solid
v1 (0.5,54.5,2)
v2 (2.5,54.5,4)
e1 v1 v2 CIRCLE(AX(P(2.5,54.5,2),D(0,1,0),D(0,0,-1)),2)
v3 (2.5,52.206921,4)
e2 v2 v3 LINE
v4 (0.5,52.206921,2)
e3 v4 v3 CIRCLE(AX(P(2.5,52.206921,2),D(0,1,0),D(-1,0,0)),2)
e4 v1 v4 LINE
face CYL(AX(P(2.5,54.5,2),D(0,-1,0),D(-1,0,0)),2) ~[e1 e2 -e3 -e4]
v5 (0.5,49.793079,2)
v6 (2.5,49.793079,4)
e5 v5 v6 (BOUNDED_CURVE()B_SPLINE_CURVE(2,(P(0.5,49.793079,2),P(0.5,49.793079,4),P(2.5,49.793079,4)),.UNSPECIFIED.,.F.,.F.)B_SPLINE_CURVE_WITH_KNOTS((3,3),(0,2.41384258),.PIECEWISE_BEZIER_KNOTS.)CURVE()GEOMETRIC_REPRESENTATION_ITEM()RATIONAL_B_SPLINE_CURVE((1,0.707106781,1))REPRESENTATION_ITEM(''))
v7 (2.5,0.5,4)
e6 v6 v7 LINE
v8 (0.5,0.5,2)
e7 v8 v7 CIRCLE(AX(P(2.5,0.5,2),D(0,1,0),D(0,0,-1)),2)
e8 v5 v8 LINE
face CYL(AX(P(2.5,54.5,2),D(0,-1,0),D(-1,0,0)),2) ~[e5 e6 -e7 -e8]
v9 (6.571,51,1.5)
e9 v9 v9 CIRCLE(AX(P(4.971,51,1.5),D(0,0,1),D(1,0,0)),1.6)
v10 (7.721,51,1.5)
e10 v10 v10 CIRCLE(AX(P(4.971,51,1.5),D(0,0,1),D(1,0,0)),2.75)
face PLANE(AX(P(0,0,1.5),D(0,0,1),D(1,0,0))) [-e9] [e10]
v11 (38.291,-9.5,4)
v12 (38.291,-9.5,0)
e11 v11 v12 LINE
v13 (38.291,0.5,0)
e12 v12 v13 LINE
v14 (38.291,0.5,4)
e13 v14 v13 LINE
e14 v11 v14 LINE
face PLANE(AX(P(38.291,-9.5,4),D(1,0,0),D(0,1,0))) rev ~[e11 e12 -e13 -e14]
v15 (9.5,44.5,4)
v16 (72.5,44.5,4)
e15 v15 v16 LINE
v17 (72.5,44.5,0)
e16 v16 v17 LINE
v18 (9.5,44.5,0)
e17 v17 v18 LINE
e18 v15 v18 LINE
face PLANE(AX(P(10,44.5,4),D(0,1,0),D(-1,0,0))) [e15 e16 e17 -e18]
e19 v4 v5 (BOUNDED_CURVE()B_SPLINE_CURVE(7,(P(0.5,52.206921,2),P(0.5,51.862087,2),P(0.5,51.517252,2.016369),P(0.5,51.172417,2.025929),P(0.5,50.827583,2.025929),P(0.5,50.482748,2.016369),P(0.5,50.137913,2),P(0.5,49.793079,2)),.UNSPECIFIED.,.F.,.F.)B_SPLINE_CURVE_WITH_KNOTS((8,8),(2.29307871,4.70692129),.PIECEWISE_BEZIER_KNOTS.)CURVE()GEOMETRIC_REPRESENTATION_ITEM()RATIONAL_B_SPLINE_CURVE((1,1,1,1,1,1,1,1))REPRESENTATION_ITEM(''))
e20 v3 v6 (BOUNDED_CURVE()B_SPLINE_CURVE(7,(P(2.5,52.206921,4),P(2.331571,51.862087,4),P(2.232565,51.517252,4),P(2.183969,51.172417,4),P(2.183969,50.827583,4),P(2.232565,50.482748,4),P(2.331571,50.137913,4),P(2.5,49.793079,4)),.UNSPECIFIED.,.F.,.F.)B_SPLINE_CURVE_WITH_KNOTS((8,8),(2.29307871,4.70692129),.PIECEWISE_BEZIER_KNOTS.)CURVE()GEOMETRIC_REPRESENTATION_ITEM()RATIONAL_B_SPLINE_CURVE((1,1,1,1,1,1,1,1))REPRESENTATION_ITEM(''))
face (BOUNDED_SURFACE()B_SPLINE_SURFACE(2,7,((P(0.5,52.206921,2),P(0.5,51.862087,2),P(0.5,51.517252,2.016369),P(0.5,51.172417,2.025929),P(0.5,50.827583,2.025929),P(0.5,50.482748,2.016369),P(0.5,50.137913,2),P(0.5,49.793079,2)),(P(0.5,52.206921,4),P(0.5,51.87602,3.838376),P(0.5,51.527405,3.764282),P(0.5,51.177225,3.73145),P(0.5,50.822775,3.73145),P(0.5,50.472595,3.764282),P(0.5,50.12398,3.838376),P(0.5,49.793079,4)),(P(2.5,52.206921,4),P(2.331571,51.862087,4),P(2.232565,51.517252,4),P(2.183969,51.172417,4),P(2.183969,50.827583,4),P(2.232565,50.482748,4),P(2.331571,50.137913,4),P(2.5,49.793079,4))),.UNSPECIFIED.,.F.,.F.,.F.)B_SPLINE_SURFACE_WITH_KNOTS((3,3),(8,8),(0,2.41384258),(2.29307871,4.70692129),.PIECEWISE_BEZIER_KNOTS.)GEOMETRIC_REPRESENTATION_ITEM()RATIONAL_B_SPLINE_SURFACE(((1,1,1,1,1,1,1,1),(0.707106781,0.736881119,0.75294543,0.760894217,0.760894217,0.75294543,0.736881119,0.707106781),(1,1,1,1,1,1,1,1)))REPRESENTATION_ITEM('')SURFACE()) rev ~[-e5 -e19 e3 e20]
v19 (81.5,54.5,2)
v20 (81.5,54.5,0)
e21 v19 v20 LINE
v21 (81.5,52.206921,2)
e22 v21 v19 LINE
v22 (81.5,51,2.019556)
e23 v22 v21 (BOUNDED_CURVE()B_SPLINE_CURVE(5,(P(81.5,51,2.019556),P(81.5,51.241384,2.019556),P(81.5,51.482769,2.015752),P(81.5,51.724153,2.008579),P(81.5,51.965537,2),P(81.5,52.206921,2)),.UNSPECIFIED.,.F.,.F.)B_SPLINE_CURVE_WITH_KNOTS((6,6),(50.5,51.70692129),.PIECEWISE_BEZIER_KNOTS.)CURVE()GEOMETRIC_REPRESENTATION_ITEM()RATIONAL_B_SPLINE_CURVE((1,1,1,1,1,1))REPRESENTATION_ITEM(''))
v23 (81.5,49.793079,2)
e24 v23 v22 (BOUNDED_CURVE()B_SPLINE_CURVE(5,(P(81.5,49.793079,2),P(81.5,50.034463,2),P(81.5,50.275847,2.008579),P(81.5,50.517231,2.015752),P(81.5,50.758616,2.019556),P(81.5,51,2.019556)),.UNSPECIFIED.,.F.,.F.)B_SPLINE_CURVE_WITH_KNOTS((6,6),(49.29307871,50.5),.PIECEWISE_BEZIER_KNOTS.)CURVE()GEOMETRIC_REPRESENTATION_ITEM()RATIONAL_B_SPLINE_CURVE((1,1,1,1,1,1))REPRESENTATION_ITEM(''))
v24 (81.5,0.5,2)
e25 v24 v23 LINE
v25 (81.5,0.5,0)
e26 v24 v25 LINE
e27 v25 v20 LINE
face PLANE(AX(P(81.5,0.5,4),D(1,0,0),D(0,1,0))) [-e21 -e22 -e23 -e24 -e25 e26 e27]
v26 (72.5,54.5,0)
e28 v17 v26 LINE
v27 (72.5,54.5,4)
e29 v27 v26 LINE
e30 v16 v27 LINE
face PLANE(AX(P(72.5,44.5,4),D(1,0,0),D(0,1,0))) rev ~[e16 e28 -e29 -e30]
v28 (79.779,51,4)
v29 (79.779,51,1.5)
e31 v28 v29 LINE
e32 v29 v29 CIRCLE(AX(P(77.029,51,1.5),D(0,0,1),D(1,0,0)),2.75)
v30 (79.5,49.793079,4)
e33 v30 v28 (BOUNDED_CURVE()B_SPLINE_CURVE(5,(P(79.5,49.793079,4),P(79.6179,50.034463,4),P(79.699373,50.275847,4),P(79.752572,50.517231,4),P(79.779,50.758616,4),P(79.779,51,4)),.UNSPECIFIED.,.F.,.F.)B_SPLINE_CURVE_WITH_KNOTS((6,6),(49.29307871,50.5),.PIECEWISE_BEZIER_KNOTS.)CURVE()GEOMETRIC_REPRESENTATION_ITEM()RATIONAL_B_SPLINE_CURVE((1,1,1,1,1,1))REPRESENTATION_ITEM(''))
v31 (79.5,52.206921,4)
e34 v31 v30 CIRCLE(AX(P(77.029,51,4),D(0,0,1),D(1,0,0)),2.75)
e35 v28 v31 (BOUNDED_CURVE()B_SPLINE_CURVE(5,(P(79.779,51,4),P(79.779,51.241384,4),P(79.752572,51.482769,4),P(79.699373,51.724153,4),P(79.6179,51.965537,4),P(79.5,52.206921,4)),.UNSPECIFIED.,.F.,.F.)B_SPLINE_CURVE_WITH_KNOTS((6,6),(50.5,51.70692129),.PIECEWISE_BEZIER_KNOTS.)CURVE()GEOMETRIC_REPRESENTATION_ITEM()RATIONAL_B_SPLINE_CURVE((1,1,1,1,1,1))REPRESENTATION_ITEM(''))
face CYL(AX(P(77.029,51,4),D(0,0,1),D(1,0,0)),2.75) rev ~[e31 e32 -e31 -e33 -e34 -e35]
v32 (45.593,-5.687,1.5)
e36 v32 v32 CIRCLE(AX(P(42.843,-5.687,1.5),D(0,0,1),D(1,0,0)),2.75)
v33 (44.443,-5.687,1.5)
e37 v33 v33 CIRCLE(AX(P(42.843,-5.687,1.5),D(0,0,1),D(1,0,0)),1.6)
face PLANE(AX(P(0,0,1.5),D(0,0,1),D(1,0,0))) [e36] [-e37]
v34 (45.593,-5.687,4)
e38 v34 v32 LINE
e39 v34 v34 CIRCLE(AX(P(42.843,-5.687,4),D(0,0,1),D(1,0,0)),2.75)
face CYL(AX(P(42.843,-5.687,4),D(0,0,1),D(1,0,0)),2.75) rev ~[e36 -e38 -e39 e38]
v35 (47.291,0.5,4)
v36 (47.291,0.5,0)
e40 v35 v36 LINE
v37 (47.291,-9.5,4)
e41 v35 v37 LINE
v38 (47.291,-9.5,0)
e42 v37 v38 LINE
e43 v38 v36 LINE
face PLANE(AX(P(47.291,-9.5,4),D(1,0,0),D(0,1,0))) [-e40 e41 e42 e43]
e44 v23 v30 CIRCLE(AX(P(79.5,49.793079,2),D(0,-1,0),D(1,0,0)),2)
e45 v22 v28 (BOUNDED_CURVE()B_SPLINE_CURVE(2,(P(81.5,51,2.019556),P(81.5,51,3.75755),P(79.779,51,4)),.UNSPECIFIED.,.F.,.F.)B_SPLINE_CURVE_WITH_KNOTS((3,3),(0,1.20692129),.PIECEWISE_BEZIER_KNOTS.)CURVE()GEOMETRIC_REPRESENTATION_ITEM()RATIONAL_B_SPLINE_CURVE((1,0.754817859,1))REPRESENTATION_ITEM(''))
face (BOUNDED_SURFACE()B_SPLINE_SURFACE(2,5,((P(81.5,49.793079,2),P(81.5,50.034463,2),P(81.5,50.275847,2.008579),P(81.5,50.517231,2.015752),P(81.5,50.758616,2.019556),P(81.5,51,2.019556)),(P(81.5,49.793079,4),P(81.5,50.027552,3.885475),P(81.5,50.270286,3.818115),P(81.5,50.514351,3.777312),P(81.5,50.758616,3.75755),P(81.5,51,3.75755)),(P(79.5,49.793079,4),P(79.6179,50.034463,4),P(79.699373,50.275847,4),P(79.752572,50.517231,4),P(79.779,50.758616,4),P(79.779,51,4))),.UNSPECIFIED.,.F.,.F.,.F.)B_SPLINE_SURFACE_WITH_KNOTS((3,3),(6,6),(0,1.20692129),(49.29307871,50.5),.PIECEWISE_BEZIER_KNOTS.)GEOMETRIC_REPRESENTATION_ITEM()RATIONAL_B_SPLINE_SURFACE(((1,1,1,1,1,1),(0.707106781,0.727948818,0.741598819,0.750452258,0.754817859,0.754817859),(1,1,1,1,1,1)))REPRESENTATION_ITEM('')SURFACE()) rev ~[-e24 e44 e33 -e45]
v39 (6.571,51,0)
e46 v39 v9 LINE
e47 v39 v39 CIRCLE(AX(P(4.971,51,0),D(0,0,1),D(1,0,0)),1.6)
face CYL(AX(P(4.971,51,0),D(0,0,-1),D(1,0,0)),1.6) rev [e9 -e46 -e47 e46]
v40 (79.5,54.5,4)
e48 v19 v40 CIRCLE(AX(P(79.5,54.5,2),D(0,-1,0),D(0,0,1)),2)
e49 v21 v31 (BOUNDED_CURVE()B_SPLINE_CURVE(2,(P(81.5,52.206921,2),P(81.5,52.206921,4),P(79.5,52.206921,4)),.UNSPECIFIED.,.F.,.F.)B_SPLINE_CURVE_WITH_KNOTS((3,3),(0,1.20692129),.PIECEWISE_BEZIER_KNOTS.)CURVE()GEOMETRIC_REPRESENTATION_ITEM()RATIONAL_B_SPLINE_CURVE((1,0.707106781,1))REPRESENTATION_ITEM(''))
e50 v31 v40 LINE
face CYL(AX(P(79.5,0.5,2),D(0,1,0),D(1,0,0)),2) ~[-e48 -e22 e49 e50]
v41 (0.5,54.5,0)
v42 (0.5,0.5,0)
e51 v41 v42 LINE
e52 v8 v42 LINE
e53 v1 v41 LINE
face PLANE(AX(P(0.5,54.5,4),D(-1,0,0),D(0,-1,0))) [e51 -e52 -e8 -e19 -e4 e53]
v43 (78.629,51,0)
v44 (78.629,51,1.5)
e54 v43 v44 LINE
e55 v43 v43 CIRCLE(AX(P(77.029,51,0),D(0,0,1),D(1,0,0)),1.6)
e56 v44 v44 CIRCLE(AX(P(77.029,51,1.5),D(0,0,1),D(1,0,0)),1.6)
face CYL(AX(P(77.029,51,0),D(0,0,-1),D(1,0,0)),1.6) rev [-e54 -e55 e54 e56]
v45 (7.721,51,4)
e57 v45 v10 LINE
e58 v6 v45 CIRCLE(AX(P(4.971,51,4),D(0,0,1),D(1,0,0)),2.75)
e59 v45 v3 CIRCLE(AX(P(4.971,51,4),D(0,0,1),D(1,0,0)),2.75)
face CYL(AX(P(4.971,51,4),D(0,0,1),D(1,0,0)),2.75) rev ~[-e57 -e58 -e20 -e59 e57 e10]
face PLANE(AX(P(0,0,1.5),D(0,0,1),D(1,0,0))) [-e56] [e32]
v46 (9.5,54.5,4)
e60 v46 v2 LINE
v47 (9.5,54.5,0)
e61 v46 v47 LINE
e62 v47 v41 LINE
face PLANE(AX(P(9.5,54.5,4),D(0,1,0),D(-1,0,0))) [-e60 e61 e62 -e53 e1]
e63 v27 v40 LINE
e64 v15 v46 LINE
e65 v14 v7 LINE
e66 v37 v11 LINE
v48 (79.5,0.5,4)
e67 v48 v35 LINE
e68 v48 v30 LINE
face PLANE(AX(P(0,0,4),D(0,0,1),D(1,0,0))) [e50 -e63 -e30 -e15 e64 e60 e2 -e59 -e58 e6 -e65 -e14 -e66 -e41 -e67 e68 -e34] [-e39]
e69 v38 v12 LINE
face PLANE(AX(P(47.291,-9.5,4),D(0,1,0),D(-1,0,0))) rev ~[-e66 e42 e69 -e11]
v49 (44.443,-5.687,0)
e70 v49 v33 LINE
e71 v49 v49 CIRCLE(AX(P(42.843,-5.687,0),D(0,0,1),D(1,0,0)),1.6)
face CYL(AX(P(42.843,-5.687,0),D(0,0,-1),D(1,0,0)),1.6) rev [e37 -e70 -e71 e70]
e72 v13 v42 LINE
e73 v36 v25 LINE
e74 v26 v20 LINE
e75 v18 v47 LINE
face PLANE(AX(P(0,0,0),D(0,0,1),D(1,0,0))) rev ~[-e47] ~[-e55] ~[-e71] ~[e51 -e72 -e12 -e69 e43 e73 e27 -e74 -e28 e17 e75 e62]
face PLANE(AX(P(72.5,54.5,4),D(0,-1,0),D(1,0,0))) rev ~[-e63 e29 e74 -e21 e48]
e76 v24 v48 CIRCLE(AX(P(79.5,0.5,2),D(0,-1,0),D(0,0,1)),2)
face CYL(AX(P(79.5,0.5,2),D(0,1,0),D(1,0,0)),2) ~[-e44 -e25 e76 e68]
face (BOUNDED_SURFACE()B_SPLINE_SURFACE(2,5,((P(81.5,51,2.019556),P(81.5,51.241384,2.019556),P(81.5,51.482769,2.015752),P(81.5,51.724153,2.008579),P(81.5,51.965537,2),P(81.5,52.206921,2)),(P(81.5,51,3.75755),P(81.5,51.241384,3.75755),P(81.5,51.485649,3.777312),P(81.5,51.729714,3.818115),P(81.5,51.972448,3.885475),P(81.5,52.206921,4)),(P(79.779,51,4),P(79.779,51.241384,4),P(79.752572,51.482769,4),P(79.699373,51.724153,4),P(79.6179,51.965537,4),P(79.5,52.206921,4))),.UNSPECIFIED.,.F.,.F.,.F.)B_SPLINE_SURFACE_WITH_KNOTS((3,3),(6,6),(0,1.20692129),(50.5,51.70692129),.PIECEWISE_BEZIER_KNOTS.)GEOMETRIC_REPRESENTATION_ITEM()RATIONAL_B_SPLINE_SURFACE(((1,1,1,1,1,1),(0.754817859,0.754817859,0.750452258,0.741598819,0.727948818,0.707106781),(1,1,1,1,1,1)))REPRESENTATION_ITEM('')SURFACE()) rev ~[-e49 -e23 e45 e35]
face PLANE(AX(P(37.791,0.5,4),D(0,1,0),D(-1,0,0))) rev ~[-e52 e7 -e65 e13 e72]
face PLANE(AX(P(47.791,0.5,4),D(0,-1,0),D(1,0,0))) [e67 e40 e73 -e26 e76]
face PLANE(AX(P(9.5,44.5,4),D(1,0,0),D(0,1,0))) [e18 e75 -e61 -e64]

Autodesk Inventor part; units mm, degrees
ref_plane "YZ Plane" through (0, 0, 0) normal (1, 0, 0) x (0, 1, 0)
ref_plane "XZ Plane" through (0, 0, 0) normal (0, 1, 0) x (-1, 0, 0)
ref_plane "XY Plane" through (0, 0, 0) normal (0, 0, 1) x (1, 0, 0)
sketch "Sketch1" plane through (0, 0, 0) normal (0, 0, 1) x (1, 0, 0)
  line L0 (82, 0) -> (82, 45)
  line L1 (0, 45) -> (0, 0)
  line L2 (10, 45) -> (10, 55)
  line L3 (10, 55) -> (0, 55)
  line L4 (0, 55) -> (0, 45)
  line L5 (72, 45) -> (72, 55)
  line L6 (72, 55) -> (82, 55)
  line L7 (82, 55) -> (82, 45)
  line L8 (10, 45) -> (72, 45)
  line L9 (0, 0) -> (37.791, 0)
  line L10 (37.791, 0) -> (37.791, -10)
  line L11 (37.791, -10) -> (47.791, -10)
  line L12 (47.791, -10) -> (47.791, 0)
  line L13 (47.791, 0) -> (82, 0)
  circle A0 centre (42.843, -5.687) radius 1.6
  line L14 (0, 45) -> (0, 51)
  line L15 (82, 45) -> (82, 51)
  circle A1 centre (4.971, 51) radius 1.6
  circle A2 centre (77.029, 51) radius 1.6
  dimension "d0" = 82
  dimension "d1" = 45
  dimension "d2" = 10
  dimension "d3" = 10
  dimension "d4" = 10
  dimension "d5" = 10
  dimension "d10" = 37.791
  dimension "d11" = 10
  dimension "d12" = 10
  dimension "d15" = 3.2
  dimension "d16" = 6
  dimension "d20" = 3.2
  dimension "d21" = 3.2
extrude "Extrusion1" add sketch "Sketch1" along normal blind 4
sketch "Sketch3" plane through (0, 0, 4) normal (0, 0, 1) x (1, 0, 0)
  circle A0 centre (4.971, 51) radius 1.6 projected
  circle A1 centre (4.971, 51) radius 2.75
  circle A2 centre (77.029, 51) radius 1.6 projected
  circle A3 centre (77.029, 51) radius 2.75
  circle A4 centre (42.843, -5.687) radius 1.6 projected
  circle A5 centre (42.843, -5.687) radius 2.75
  point P0 (0, 0)
  dimension "d24" = 5.5
  dimension "d25" = 5.5
  dimension "d26" = 5.5
extrude "Extrusion2" cut sketch "Sketch3" against normal blind 2.5
sketch "Sketch4" plane through (0, 0, 4) normal (0, 0, 1) x (1, 0, 0)
  line L0 (10, 55) -> (0, 55) projected
  line L1 (10, 45) -> (10, 55) projected
  line L2 (0, 55) -> (10, 55)
  line L3 (10, 55) -> (10, 54.5)
  line L4 (10, 54.5) -> (0, 54.5)
  line L5 (0, 54.5) -> (0, 55)
  line L6 (0, 0) -> (0, 55) projected
  line L7 (0, 0) -> (37.791, 0) projected
  line L8 (0, 55) -> (0.5, 55)
  line L9 (0.5, 55) -> (0.5, 0)
  line L10 (0.5, 0) -> (0, 0)
  line L11 (0, 0) -> (0, 55)
  line L12 (0, 0) -> (37.791, 0)
  line L13 (37.791, 0) -> (37.791, 0.5)
  line L14 (37.791, 0.5) -> (0, 0.5)
  line L15 (0, 0.5) -> (0, 0)
  line L16 (37.791, 0) -> (37.791, -10) projected
  line L17 (37.791, -10) -> (38.291, -10)
  line L18 (38.291, -10) -> (38.291, 0.5)
  line L19 (38.291, 0.5) -> (37.791, 0.5)
  line L20 (37.791, 0.5) -> (37.791, -10)
  line L21 (47.791, 0) -> (47.791, -10) projected
  line L22 (37.791, -10) -> (47.791, -10)
  line L23 (47.791, -10) -> (47.791, -9.5)
  line L24 (47.791, -9.5) -> (37.791, -9.5)
  line L25 (37.791, -9.5) -> (37.791, -10)
  line L26 (47.791, -10) -> (47.291, -10)
  line L27 (47.291, -10) -> (47.291, 0.5)
  line L28 (47.291, 0.5) -> (47.791, 0.5)
  line L29 (47.791, 0.5) -> (47.791, -10)
  line L30 (82, 0) -> (82, 55) projected
  line L31 (47.291, 0.5) -> (82, 0.5)
  line L32 (82, 0.5) -> (82, 0)
  line L33 (82, 0) -> (47.291, 0)
  line L34 (47.291, 0) -> (47.291, 0.5)
  line L35 (82, 55) -> (72, 55) projected
  line L36 (82, 0) -> (81.5, 0)
  line L37 (81.5, 0) -> (81.5, 55)
  line L38 (81.5, 55) -> (82, 55)
  line L39 (82, 55) -> (82, 0)
  line L40 (72, 55) -> (72, 45) projected
  line L41 (82, 55) -> (72, 55)
  line L42 (72, 55) -> (72, 54.5)
  line L43 (72, 54.5) -> (82, 54.5)
  line L44 (82, 54.5) -> (82, 55)
  line L45 (10, 45) -> (72, 45) projected
  line L46 (10, 45) -> (72, 45)
  line L47 (72, 45) -> (72, 44.5)
  line L48 (72, 44.5) -> (10, 44.5)
  line L49 (10, 44.5) -> (10, 45)
  line L50 (72, 44.5) -> (72.5, 44.5)
  line L51 (72.5, 44.5) -> (72.5, 55)
  line L52 (72.5, 55) -> (72, 55)
  line L53 (72, 55) -> (72, 44.5)
  line L54 (10, 44.5) -> (9.5, 44.5)
  line L55 (9.5, 44.5) -> (9.5, 55)
  line L56 (9.5, 55) -> (10, 55)
  line L57 (10, 55) -> (10, 44.5)
  dimension "d30" = 0.5
  dimension "d31" = 0.5
  dimension "d32" = 0.5
  dimension "d33" = 0.5
  dimension "d34" = 0.5
  dimension "d35" = 0.5
  dimension "d36" = 0.5
  dimension "d37" = 0.5
  dimension "d38" = 0.5
  dimension "d39" = 0.5
  dimension "d40" = 0.5
extrude "Extrusion3" cut sketch "Sketch4" against normal blind 10 contours L1 L4 L55 L0 | L55 L4 L9 L0 | L1 L49 L54 L55 L4 | L9 L4 L5 L0 | L45 L47 L48 L49 | L9 L14 L6 L4 | L40 L43 L51 L50 L47 | L14 L13 L7 L9 | L9 L7 L6 L14 | L40 L35 L51 L43 | L19 L18 L24 L16 L13 | L51 L35 L37 L43 | L43 L30 L31 L37 | L37 L35 L30 L43 | L24 L18 L17 L16 | L24 L27 L22 L18 | L37 L33 L29 L31 | L31 L30 L33 L37 | L27 L33 L21 L24 | L24 L21 L22 L27 | L29 L33 L27 L28
fillet "Fillet2" radius 2 2 edges at (0.5, 27.5, 4) (81.5, 27.5, 4)
properties part number "battery_cover"
